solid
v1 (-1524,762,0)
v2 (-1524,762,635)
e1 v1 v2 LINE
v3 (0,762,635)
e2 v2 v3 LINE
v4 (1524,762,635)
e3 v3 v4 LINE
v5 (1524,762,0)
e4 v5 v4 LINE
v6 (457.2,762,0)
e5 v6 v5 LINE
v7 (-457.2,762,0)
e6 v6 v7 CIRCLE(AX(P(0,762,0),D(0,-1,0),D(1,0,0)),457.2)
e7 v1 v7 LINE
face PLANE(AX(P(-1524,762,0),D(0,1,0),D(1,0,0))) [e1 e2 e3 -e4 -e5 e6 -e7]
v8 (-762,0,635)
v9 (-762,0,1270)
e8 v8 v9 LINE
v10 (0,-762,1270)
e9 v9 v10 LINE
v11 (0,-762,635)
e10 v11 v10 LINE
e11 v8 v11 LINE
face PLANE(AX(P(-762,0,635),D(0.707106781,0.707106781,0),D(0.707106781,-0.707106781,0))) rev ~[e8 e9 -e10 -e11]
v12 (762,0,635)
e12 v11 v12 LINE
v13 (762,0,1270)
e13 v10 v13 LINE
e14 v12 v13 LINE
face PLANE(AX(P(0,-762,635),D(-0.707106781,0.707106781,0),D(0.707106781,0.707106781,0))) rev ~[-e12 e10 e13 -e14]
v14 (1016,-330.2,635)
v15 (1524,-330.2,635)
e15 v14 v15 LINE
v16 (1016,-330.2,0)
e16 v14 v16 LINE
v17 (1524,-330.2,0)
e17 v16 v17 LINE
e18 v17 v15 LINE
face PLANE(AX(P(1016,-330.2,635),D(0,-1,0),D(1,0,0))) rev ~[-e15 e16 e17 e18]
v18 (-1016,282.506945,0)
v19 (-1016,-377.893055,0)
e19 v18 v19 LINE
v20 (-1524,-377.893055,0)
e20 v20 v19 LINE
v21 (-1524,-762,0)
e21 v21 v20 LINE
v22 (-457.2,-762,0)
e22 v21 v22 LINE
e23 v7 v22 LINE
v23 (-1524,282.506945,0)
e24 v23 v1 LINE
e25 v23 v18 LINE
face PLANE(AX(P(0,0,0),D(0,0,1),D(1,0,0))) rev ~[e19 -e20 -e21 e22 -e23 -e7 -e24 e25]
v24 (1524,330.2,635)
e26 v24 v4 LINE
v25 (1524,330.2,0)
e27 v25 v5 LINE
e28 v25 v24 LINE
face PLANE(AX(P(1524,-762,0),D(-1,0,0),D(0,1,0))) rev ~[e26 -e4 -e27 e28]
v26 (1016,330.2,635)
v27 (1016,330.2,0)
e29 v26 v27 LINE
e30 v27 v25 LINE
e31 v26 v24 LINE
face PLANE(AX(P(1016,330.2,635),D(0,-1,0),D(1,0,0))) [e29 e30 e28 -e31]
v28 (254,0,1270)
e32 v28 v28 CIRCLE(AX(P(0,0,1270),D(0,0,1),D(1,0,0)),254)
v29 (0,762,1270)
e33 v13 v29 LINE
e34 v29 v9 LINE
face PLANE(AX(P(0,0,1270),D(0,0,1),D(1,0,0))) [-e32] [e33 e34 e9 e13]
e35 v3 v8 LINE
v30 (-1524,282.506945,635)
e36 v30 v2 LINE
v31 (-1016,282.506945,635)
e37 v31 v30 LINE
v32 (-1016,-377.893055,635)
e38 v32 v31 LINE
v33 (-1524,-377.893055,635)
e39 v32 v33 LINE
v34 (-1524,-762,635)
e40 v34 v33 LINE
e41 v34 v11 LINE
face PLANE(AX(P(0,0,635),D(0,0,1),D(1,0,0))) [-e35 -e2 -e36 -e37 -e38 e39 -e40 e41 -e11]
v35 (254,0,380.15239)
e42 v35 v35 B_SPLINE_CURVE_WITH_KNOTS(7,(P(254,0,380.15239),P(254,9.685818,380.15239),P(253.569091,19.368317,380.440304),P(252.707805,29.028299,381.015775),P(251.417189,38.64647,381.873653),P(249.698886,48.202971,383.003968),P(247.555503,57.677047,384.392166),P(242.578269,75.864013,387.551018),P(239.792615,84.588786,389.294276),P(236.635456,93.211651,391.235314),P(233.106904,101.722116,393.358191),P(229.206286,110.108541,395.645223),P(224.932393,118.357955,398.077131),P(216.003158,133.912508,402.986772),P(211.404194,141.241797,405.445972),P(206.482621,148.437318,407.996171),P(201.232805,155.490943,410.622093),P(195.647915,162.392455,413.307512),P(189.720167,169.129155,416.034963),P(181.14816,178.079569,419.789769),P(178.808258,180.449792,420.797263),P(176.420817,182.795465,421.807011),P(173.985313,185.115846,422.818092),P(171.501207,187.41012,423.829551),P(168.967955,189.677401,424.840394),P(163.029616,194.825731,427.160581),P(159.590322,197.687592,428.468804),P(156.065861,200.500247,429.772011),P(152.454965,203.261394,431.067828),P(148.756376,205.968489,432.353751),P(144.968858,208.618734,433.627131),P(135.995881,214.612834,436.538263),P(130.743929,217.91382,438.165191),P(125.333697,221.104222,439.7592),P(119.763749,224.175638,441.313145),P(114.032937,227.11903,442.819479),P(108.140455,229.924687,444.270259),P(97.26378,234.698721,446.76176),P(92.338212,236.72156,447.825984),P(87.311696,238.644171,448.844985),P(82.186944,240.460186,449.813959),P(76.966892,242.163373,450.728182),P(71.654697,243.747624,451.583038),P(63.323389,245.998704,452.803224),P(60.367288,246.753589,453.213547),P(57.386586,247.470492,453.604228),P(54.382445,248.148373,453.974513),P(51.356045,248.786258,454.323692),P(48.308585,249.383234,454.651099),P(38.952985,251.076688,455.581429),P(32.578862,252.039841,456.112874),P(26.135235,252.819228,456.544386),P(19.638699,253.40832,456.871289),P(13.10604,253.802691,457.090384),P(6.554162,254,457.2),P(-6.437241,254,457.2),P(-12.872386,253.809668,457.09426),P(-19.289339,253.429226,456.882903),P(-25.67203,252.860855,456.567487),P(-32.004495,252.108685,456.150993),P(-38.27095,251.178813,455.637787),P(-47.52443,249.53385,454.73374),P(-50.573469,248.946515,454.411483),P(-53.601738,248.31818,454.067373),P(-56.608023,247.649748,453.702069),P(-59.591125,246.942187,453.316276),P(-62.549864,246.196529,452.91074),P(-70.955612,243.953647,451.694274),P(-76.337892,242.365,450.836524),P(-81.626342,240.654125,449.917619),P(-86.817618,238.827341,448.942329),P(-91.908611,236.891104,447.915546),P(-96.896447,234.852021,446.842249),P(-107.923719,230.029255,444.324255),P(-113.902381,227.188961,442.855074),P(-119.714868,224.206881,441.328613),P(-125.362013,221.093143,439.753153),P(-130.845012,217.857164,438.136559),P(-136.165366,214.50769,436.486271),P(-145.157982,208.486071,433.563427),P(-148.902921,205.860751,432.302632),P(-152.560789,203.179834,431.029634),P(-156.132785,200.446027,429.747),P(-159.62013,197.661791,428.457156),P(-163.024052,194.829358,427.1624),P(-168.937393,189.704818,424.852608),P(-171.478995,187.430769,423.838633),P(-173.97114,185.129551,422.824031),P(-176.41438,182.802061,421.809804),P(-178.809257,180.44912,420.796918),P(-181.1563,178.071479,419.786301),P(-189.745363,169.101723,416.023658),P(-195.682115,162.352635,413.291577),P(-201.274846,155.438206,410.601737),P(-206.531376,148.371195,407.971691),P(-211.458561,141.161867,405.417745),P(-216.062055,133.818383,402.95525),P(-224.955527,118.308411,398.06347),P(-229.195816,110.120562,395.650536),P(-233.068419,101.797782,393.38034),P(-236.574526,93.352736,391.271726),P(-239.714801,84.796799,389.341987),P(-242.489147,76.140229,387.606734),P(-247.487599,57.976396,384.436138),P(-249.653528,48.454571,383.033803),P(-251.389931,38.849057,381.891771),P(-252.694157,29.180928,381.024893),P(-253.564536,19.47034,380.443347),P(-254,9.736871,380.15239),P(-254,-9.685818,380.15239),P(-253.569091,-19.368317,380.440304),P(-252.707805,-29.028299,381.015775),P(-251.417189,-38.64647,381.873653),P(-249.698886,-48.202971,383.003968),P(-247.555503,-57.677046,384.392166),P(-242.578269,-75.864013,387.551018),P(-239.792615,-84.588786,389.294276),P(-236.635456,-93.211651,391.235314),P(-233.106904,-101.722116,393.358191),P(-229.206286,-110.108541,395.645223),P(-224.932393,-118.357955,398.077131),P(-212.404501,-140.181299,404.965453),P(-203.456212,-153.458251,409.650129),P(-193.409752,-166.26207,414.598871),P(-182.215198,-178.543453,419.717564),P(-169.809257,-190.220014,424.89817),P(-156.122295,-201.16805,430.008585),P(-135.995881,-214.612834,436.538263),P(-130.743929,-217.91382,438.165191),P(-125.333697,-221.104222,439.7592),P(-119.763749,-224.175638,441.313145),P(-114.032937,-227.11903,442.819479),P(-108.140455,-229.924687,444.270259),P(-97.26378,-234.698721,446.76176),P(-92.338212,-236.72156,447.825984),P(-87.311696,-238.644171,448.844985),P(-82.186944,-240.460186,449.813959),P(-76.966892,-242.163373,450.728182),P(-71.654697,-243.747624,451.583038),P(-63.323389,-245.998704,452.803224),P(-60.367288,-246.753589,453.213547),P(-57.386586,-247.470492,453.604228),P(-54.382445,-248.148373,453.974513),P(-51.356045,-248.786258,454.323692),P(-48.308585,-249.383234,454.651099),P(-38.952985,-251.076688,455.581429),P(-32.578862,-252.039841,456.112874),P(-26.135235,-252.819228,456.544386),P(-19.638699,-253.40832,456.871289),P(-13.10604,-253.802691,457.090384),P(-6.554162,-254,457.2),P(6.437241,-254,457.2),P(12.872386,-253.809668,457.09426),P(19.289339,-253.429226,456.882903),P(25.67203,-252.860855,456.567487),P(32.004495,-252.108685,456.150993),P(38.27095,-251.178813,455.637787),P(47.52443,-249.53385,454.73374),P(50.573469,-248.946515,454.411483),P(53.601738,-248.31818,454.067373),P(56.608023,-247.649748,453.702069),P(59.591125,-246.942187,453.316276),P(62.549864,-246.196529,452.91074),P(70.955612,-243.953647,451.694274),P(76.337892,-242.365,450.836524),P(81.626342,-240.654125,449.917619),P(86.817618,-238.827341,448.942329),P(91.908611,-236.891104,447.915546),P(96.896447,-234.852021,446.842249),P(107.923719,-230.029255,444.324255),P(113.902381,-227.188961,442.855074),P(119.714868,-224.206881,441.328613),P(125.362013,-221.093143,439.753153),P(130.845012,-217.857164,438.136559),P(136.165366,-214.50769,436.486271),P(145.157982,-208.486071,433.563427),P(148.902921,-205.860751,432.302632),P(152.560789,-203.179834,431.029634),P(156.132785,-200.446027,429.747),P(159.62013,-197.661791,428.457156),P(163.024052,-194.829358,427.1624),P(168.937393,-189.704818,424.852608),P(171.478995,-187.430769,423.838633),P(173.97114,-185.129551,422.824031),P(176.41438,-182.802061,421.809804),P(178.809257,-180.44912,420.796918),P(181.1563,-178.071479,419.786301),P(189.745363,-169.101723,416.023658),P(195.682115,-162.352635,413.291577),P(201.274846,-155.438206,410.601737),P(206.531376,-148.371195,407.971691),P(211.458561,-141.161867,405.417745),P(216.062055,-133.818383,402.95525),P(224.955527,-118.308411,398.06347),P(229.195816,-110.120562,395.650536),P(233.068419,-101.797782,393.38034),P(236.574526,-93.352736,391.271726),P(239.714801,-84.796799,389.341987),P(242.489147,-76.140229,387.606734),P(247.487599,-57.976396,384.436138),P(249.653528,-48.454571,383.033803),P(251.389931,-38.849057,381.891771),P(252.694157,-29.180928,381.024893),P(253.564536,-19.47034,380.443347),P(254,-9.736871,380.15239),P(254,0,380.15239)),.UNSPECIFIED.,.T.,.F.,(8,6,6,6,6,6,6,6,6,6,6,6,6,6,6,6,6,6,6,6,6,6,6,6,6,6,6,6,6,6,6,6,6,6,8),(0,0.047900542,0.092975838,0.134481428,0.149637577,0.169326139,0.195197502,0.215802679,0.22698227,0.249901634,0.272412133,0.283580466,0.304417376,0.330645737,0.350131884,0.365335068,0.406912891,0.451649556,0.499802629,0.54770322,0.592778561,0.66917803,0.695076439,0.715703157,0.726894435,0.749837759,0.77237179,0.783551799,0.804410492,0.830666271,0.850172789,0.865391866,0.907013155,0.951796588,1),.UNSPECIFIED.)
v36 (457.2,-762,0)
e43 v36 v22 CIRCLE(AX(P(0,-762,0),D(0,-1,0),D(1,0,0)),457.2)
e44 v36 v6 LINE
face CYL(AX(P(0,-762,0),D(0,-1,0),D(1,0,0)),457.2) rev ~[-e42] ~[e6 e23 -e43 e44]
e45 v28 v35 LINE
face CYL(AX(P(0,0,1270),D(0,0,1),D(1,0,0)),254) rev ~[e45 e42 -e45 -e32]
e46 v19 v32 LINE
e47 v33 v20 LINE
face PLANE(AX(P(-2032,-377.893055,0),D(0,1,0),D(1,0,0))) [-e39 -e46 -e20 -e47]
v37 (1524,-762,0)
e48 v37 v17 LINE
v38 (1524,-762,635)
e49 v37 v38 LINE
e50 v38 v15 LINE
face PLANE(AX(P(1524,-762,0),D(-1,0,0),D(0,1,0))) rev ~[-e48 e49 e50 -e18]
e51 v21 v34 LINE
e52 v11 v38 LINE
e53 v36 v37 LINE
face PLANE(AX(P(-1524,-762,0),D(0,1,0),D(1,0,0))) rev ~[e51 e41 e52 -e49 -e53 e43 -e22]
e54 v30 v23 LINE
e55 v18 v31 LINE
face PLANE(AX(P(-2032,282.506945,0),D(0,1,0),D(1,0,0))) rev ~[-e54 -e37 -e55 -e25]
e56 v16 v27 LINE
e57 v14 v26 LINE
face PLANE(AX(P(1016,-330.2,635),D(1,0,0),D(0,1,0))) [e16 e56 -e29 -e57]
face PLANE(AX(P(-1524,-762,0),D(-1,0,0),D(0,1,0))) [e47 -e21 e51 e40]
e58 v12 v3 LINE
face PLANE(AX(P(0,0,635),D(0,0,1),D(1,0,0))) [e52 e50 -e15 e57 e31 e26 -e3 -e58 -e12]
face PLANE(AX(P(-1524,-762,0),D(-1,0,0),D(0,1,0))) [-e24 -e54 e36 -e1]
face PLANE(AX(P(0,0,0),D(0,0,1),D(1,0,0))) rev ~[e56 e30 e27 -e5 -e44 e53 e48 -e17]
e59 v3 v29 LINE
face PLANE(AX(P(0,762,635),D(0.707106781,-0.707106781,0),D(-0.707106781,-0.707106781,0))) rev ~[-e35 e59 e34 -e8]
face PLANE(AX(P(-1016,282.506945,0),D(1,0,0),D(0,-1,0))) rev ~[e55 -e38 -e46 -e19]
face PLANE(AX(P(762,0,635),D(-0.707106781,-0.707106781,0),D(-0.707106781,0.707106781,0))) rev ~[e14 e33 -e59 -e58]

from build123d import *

# Parameters (mm, degrees)
F0_W      = 3048
F0_H      = 1524
F1_DEPTH  = 635
F3_DEPTH  = 635
F4_W      = 1016
F4_H      = 660.4
F5_DEPTH  = 986.6277
F6_W      = 1016
F6_H      = 660.4
F7_DEPTH  = 635.001
F8_R      = 457.2
F9_DEPTH  = 1524.001
F10_R     = 254
F11_DEPTH = 1270.001


with BuildPart() as f1:
    # F0 (on Top) → F1 (new body)
    with BuildSketch(Plane.XY):
        Rectangle(F0_W, F0_H)
    extrude(amount=F1_DEPTH)

    # F2 (on face) → F3 (join)
    with BuildSketch(Plane.XY.offset(635)):
        Polygon((762, 0), (0, 762), (-762, 0), (0, -762), align=None)
    extrude(amount=F3_DEPTH)

    # F4 (on face) → F5 (cut)
    with BuildSketch(Plane(origin=(0, 0, 0), x_dir=(1, 0, 0), z_dir=(0, 0, -1))):
        with Locations((-1524, 47.693055)):
            Rectangle(F4_W, F4_H)
    extrude(amount=-F5_DEPTH, mode=Mode.SUBTRACT)

    # F6 (on face) → F7 (cut, through all)
    with BuildSketch(Plane.XY.offset(635)):
        with Locations((1524, 0)):
            Rectangle(F6_W, F6_H)
    extrude(amount=-F7_DEPTH, mode=Mode.SUBTRACT)

    # F8 (on face) → F9 (cut, through all)
    with BuildSketch(Plane.XZ.offset(762)):
        Circle(F8_R)
    extrude(amount=-F9_DEPTH, mode=Mode.SUBTRACT)

    # F10 (on face) → F11 (cut, through all)
    with BuildSketch(Plane.XY.offset(1270)):
        Circle(F10_R)
    extrude(amount=-F11_DEPTH, mode=Mode.SUBTRACT)


solid = f1.part
